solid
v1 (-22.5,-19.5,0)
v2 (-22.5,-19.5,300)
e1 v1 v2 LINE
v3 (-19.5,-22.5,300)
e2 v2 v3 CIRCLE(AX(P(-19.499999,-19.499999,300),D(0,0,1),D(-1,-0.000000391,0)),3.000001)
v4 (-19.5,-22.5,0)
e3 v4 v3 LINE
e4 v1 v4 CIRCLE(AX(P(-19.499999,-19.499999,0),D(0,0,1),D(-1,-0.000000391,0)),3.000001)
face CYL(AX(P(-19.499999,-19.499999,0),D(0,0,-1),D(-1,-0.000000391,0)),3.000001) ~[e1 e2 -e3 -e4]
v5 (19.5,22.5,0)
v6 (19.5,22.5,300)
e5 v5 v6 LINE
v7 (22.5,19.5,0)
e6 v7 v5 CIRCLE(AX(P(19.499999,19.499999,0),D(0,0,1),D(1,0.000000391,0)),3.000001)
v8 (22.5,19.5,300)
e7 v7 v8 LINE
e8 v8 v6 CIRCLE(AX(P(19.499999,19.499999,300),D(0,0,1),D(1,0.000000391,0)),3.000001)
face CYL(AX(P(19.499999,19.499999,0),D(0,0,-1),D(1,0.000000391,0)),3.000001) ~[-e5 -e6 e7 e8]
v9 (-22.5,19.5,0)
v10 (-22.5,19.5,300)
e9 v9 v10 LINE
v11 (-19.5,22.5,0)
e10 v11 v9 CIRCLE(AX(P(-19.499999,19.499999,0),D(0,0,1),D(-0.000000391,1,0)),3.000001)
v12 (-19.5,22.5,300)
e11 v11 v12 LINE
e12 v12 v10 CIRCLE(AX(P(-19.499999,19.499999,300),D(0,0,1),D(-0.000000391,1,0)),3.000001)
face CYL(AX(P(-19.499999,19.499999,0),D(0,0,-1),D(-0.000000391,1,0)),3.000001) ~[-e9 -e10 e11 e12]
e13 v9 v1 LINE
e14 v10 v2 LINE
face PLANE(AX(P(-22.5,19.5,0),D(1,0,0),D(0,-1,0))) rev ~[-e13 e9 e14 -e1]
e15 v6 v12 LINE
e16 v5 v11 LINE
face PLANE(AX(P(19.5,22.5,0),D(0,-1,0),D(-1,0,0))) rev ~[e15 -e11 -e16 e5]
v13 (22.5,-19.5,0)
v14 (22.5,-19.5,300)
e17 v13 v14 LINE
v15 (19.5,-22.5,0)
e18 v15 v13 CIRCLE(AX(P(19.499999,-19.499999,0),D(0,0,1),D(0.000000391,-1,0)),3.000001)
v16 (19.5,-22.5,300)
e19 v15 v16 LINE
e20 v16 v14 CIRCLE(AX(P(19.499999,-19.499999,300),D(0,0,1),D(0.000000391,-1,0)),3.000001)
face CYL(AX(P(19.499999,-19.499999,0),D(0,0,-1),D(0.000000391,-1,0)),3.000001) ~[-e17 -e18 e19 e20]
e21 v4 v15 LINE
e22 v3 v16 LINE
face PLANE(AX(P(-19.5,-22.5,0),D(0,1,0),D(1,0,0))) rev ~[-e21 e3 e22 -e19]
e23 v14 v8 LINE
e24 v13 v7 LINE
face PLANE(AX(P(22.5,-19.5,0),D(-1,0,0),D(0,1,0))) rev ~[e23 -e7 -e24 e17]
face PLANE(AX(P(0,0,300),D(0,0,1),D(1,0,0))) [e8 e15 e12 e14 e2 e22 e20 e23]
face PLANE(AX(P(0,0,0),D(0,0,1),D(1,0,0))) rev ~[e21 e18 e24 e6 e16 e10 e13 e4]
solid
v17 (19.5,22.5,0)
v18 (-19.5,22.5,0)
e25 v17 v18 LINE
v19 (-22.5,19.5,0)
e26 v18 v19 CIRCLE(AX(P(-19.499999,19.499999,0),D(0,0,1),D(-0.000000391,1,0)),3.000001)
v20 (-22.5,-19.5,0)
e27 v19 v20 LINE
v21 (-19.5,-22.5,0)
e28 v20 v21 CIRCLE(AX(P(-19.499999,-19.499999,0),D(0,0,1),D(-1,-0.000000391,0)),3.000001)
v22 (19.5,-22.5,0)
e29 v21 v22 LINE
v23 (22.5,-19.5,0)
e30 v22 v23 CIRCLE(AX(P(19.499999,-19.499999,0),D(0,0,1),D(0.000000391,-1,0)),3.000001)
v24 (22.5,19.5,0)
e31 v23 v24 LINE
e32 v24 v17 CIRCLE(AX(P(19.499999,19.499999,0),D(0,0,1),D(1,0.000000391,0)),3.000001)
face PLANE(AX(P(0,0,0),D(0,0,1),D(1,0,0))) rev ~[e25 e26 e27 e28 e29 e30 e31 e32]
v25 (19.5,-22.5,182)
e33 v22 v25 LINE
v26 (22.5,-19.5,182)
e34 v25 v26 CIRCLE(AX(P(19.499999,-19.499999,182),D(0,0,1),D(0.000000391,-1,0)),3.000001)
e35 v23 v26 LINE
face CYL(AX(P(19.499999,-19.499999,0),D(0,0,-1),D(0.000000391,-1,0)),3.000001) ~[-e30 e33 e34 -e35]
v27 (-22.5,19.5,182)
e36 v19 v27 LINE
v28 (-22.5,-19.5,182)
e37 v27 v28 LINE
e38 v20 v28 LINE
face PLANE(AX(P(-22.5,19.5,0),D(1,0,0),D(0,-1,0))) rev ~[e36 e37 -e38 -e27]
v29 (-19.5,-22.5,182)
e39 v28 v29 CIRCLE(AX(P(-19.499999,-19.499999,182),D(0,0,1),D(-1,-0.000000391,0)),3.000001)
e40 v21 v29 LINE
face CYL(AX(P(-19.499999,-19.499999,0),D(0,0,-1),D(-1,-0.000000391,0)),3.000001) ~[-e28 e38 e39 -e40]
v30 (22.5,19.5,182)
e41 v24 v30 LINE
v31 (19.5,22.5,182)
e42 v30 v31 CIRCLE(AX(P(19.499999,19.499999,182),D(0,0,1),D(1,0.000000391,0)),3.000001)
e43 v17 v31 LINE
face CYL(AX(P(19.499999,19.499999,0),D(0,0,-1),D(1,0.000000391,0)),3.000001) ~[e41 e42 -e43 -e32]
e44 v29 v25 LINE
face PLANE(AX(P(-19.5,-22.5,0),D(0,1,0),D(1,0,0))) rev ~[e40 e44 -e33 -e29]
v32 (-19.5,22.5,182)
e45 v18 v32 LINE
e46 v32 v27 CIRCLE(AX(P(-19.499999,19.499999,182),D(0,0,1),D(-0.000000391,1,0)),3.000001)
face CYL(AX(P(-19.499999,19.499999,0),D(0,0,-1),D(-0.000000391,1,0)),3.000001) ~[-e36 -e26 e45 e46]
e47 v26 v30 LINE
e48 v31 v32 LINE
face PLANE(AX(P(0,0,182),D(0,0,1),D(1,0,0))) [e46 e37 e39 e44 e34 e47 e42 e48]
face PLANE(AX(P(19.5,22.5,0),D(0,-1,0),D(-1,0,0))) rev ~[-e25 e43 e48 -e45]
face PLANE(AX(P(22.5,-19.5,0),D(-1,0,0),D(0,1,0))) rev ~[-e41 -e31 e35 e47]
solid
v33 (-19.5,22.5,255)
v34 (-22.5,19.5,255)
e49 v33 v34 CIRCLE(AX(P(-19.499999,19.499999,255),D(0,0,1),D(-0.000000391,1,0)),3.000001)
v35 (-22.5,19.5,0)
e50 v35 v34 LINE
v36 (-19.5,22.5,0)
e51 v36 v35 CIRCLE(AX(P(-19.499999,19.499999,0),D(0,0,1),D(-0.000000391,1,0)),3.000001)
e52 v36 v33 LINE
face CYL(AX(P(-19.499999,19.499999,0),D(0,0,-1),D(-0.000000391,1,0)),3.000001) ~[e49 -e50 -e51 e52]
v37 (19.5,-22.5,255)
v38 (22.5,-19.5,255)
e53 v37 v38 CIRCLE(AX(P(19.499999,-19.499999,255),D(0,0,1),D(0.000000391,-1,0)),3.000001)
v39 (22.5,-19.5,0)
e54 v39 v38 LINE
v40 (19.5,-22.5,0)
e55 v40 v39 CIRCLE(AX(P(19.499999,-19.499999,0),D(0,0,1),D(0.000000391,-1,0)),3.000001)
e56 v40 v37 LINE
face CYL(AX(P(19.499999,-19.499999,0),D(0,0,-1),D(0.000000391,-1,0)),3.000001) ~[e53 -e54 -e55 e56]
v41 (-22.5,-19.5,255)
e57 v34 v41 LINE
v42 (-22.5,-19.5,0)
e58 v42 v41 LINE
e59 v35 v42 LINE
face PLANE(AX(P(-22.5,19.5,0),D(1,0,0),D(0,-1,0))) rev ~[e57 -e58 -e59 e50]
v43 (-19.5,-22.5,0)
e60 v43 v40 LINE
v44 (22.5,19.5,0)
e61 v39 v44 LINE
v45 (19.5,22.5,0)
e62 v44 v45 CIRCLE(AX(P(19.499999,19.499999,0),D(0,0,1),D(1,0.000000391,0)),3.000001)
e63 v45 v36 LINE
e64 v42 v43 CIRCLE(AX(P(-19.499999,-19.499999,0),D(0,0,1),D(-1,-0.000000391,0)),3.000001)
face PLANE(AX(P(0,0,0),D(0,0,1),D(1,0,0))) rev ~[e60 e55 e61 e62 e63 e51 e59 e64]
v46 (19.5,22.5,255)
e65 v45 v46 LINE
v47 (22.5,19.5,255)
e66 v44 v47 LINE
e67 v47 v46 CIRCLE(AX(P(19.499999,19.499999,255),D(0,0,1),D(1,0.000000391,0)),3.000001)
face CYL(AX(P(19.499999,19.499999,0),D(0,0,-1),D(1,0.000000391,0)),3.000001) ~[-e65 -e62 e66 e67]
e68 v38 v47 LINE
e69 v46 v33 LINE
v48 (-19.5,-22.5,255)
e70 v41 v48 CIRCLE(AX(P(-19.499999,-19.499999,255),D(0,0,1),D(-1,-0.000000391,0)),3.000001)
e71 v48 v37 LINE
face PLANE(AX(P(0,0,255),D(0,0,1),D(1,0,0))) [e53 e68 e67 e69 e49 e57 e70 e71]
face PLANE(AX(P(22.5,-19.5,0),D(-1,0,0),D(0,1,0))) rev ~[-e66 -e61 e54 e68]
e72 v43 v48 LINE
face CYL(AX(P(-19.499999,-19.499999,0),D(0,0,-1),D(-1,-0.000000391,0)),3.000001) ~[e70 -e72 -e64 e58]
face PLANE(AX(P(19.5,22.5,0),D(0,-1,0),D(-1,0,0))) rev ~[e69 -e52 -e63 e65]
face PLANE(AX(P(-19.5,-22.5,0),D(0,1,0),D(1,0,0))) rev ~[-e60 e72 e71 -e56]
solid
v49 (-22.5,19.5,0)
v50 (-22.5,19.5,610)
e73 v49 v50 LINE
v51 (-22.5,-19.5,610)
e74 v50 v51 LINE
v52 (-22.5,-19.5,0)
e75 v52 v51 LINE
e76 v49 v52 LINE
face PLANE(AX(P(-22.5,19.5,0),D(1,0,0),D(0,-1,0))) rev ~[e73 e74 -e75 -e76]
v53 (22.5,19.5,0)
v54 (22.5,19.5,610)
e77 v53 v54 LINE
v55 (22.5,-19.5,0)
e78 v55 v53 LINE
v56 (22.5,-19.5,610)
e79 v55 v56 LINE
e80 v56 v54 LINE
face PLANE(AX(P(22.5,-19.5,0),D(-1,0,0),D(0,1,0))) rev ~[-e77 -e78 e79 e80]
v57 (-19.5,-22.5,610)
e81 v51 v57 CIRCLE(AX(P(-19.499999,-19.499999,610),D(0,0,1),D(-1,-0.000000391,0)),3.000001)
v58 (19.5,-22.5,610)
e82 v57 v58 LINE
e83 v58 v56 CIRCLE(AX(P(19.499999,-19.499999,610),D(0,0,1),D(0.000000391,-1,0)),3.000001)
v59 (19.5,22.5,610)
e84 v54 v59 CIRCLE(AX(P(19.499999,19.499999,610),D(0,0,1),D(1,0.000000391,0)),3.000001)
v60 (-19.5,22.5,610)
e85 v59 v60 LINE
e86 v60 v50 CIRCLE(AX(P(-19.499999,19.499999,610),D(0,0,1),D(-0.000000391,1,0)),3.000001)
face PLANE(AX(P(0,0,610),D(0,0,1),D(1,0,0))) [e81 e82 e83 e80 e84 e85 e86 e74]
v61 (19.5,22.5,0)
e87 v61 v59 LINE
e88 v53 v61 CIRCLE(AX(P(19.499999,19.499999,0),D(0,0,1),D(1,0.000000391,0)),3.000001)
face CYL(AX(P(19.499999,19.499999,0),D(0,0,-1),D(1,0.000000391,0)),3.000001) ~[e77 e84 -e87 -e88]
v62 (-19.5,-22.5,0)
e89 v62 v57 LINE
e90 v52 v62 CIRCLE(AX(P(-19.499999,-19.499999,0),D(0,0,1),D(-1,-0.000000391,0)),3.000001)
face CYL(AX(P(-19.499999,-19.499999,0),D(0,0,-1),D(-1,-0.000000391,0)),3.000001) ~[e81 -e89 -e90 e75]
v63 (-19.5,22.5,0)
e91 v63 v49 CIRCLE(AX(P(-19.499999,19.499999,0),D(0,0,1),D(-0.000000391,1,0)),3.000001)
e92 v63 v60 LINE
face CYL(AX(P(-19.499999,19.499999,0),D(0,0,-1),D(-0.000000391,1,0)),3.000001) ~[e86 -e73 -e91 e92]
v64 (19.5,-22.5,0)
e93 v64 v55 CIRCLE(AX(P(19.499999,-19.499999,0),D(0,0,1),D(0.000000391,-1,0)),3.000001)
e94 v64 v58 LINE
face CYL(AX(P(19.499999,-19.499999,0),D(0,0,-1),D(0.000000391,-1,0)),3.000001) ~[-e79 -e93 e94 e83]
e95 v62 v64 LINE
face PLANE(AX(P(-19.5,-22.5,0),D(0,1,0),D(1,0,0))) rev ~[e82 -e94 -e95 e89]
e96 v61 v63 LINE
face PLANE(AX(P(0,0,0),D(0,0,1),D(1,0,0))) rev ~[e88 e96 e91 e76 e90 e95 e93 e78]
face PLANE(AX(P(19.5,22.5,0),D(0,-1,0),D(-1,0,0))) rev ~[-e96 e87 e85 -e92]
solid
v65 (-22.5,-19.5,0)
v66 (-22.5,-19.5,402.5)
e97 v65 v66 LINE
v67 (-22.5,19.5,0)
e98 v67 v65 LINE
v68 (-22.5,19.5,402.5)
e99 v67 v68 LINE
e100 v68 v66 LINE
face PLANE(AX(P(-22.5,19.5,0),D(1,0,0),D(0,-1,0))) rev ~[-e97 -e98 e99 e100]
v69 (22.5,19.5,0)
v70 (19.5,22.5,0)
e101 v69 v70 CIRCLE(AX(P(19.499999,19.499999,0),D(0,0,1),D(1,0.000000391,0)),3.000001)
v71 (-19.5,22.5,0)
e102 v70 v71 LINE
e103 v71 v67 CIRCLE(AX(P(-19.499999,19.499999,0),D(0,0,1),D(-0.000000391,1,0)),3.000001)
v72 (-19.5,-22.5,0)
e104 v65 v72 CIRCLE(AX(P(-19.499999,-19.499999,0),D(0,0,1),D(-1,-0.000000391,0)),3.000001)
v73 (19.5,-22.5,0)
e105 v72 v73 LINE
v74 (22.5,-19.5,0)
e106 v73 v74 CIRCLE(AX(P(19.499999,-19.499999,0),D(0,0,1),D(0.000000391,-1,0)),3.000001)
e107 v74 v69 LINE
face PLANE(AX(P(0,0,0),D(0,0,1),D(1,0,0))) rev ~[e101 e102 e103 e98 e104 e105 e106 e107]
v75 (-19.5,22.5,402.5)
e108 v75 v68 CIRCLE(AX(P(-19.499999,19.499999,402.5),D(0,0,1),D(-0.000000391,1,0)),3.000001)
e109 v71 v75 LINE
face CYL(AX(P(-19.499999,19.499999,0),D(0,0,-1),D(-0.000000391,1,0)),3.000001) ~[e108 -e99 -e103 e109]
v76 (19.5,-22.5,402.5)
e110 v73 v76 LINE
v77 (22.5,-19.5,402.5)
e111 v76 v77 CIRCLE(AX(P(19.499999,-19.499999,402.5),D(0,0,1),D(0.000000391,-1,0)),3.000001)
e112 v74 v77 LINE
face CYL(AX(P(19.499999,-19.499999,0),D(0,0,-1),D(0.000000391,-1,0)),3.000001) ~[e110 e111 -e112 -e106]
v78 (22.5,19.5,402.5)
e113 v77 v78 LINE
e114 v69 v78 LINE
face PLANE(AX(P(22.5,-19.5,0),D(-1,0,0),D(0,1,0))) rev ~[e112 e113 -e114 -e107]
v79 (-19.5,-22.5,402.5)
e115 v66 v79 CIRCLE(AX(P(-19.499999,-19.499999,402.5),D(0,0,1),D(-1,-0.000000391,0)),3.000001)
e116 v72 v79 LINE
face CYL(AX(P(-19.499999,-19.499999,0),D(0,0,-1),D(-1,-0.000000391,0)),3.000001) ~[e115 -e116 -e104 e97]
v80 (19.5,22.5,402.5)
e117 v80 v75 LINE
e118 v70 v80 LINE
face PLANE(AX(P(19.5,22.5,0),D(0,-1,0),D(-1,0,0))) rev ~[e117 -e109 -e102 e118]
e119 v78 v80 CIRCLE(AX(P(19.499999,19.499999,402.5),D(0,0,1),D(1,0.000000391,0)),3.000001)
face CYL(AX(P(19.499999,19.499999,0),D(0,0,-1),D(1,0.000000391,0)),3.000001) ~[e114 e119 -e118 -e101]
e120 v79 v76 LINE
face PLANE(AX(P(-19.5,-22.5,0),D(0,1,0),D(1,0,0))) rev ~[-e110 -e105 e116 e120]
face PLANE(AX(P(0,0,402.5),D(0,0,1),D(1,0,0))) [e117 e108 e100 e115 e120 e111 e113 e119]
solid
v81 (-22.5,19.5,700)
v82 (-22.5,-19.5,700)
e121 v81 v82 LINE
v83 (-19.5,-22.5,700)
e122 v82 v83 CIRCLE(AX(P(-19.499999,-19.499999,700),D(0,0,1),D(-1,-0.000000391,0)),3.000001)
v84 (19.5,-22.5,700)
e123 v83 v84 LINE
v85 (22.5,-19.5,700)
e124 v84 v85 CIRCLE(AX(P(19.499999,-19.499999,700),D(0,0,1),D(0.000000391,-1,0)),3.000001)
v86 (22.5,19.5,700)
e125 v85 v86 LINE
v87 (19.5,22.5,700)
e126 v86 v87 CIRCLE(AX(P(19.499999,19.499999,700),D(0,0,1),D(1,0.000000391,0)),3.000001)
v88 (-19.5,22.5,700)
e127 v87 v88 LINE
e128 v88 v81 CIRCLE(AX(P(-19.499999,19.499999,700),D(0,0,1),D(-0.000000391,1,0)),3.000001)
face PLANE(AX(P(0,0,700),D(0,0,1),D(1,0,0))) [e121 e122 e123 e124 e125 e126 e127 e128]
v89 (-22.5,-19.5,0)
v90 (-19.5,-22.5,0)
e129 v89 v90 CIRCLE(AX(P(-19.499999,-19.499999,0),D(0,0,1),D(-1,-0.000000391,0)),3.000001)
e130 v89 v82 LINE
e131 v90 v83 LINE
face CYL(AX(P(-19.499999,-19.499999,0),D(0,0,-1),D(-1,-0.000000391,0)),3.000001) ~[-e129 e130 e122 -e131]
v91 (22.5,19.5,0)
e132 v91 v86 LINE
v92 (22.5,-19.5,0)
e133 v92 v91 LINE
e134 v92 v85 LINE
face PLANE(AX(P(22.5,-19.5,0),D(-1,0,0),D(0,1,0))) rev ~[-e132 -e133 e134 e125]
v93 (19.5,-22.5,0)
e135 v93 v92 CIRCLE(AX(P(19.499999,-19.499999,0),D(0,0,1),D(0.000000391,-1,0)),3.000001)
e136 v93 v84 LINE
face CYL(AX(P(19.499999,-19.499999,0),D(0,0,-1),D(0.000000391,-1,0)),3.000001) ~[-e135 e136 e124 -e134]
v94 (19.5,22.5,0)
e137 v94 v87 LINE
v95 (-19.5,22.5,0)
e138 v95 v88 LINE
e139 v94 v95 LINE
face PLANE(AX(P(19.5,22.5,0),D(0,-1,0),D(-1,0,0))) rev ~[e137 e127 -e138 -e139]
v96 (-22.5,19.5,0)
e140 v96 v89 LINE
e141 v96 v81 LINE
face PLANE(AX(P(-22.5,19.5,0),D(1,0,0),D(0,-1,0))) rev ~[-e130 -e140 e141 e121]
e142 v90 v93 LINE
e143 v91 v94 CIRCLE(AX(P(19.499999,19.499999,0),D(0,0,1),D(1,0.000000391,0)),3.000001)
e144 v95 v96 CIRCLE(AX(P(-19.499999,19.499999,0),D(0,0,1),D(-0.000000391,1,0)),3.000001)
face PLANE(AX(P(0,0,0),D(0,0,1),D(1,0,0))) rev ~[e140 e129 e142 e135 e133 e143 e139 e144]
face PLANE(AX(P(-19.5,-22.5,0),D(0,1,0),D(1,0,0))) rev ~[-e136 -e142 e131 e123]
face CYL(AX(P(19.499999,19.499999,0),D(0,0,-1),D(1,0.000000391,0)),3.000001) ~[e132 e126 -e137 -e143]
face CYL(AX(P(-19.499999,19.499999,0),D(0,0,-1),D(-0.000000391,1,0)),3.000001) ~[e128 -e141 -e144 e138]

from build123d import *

# Parameters (mm, degrees)
F1_DEPTH = 610
F2_DEPTH = 700
F3_DEPTH = 300
F4_DEPTH = 255
F5_DEPTH = 182
F6_DEPTH = 402.5


with BuildPart() as f1:
    # F0 (on Top) → F1 (new body)
    with BuildSketch(Plane.XY):
        with BuildLine():
            ThreePointArc((22.5, 19.5), (21.62132, 21.62132), (19.5, 22.5))
            Line((19.5, 22.5), (-19.5, 22.5))
            ThreePointArc((-19.5, 22.5), (-21.62132, 21.62132), (-22.5, 19.5))
            Line((-22.5, 19.5), (-22.5, -19.5))
            ThreePointArc((-22.5, -19.5), (-21.62132, -21.62132), (-19.5, -22.5))
            Line((-19.5, -22.5), (19.5, -22.5))
            ThreePointArc((19.5, -22.5), (21.62132, -21.62132), (22.5, -19.5))
            Line((22.5, -19.5), (22.5, 19.5))
        make_face()
    extrude(amount=F1_DEPTH)


with BuildPart() as f2:
    # F0 (on Top) → F2 (new body)
    with BuildSketch(Plane.XY):
        with BuildLine():
            ThreePointArc((22.5, 19.5), (21.62132, 21.62132), (19.5, 22.5))
            Line((19.5, 22.5), (-19.5, 22.5))
            ThreePointArc((-19.5, 22.5), (-21.62132, 21.62132), (-22.5, 19.5))
            Line((-22.5, 19.5), (-22.5, -19.5))
            ThreePointArc((-22.5, -19.5), (-21.62132, -21.62132), (-19.5, -22.5))
            Line((-19.5, -22.5), (19.5, -22.5))
            ThreePointArc((19.5, -22.5), (21.62132, -21.62132), (22.5, -19.5))
            Line((22.5, -19.5), (22.5, 19.5))
        make_face()
    extrude(amount=F2_DEPTH)


with BuildPart() as f3:
    # F0 (on Top) → F3 (new body)
    with BuildSketch(Plane.XY):
        with BuildLine():
            ThreePointArc((22.5, 19.5), (21.62132, 21.62132), (19.5, 22.5))
            Line((19.5, 22.5), (-19.5, 22.5))
            ThreePointArc((-19.5, 22.5), (-21.62132, 21.62132), (-22.5, 19.5))
            Line((-22.5, 19.5), (-22.5, -19.5))
            ThreePointArc((-22.5, -19.5), (-21.62132, -21.62132), (-19.5, -22.5))
            Line((-19.5, -22.5), (19.5, -22.5))
            ThreePointArc((19.5, -22.5), (21.62132, -21.62132), (22.5, -19.5))
            Line((22.5, -19.5), (22.5, 19.5))
        make_face()
    extrude(amount=F3_DEPTH)


with BuildPart() as f4:
    # F0 (on Top) → F4 (new body)
    with BuildSketch(Plane.XY):
        with BuildLine():
            ThreePointArc((22.5, 19.5), (21.62132, 21.62132), (19.5, 22.5))
            Line((19.5, 22.5), (-19.5, 22.5))
            ThreePointArc((-19.5, 22.5), (-21.62132, 21.62132), (-22.5, 19.5))
            Line((-22.5, 19.5), (-22.5, -19.5))
            ThreePointArc((-22.5, -19.5), (-21.62132, -21.62132), (-19.5, -22.5))
            Line((-19.5, -22.5), (19.5, -22.5))
            ThreePointArc((19.5, -22.5), (21.62132, -21.62132), (22.5, -19.5))
            Line((22.5, -19.5), (22.5, 19.5))
        make_face()
    extrude(amount=F4_DEPTH)


with BuildPart() as f5:
    # F0 (on Top) → F5 (new body)
    with BuildSketch(Plane.XY):
        with BuildLine():
            ThreePointArc((22.5, 19.5), (21.62132, 21.62132), (19.5, 22.5))
            Line((19.5, 22.5), (-19.5, 22.5))
            ThreePointArc((-19.5, 22.5), (-21.62132, 21.62132), (-22.5, 19.5))
            Line((-22.5, 19.5), (-22.5, -19.5))
            ThreePointArc((-22.5, -19.5), (-21.62132, -21.62132), (-19.5, -22.5))
            Line((-19.5, -22.5), (19.5, -22.5))
            ThreePointArc((19.5, -22.5), (21.62132, -21.62132), (22.5, -19.5))
            Line((22.5, -19.5), (22.5, 19.5))
        make_face()
    extrude(amount=F5_DEPTH)


with BuildPart() as f6:
    # F0 (on Top) → F6 (new body)
    with BuildSketch(Plane.XY):
        with BuildLine():
            ThreePointArc((22.5, 19.5), (21.62132, 21.62132), (19.5, 22.5))
            Line((19.5, 22.5), (-19.5, 22.5))
            ThreePointArc((-19.5, 22.5), (-21.62132, 21.62132), (-22.5, 19.5))
            Line((-22.5, 19.5), (-22.5, -19.5))
            ThreePointArc((-22.5, -19.5), (-21.62132, -21.62132), (-19.5, -22.5))
            Line((-19.5, -22.5), (19.5, -22.5))
            ThreePointArc((19.5, -22.5), (21.62132, -21.62132), (22.5, -19.5))
            Line((22.5, -19.5), (22.5, 19.5))
        make_face()
    extrude(amount=F6_DEPTH)


solid = Compound([f1.part, f2.part, f3.part, f4.part, f5.part, f6.part])
